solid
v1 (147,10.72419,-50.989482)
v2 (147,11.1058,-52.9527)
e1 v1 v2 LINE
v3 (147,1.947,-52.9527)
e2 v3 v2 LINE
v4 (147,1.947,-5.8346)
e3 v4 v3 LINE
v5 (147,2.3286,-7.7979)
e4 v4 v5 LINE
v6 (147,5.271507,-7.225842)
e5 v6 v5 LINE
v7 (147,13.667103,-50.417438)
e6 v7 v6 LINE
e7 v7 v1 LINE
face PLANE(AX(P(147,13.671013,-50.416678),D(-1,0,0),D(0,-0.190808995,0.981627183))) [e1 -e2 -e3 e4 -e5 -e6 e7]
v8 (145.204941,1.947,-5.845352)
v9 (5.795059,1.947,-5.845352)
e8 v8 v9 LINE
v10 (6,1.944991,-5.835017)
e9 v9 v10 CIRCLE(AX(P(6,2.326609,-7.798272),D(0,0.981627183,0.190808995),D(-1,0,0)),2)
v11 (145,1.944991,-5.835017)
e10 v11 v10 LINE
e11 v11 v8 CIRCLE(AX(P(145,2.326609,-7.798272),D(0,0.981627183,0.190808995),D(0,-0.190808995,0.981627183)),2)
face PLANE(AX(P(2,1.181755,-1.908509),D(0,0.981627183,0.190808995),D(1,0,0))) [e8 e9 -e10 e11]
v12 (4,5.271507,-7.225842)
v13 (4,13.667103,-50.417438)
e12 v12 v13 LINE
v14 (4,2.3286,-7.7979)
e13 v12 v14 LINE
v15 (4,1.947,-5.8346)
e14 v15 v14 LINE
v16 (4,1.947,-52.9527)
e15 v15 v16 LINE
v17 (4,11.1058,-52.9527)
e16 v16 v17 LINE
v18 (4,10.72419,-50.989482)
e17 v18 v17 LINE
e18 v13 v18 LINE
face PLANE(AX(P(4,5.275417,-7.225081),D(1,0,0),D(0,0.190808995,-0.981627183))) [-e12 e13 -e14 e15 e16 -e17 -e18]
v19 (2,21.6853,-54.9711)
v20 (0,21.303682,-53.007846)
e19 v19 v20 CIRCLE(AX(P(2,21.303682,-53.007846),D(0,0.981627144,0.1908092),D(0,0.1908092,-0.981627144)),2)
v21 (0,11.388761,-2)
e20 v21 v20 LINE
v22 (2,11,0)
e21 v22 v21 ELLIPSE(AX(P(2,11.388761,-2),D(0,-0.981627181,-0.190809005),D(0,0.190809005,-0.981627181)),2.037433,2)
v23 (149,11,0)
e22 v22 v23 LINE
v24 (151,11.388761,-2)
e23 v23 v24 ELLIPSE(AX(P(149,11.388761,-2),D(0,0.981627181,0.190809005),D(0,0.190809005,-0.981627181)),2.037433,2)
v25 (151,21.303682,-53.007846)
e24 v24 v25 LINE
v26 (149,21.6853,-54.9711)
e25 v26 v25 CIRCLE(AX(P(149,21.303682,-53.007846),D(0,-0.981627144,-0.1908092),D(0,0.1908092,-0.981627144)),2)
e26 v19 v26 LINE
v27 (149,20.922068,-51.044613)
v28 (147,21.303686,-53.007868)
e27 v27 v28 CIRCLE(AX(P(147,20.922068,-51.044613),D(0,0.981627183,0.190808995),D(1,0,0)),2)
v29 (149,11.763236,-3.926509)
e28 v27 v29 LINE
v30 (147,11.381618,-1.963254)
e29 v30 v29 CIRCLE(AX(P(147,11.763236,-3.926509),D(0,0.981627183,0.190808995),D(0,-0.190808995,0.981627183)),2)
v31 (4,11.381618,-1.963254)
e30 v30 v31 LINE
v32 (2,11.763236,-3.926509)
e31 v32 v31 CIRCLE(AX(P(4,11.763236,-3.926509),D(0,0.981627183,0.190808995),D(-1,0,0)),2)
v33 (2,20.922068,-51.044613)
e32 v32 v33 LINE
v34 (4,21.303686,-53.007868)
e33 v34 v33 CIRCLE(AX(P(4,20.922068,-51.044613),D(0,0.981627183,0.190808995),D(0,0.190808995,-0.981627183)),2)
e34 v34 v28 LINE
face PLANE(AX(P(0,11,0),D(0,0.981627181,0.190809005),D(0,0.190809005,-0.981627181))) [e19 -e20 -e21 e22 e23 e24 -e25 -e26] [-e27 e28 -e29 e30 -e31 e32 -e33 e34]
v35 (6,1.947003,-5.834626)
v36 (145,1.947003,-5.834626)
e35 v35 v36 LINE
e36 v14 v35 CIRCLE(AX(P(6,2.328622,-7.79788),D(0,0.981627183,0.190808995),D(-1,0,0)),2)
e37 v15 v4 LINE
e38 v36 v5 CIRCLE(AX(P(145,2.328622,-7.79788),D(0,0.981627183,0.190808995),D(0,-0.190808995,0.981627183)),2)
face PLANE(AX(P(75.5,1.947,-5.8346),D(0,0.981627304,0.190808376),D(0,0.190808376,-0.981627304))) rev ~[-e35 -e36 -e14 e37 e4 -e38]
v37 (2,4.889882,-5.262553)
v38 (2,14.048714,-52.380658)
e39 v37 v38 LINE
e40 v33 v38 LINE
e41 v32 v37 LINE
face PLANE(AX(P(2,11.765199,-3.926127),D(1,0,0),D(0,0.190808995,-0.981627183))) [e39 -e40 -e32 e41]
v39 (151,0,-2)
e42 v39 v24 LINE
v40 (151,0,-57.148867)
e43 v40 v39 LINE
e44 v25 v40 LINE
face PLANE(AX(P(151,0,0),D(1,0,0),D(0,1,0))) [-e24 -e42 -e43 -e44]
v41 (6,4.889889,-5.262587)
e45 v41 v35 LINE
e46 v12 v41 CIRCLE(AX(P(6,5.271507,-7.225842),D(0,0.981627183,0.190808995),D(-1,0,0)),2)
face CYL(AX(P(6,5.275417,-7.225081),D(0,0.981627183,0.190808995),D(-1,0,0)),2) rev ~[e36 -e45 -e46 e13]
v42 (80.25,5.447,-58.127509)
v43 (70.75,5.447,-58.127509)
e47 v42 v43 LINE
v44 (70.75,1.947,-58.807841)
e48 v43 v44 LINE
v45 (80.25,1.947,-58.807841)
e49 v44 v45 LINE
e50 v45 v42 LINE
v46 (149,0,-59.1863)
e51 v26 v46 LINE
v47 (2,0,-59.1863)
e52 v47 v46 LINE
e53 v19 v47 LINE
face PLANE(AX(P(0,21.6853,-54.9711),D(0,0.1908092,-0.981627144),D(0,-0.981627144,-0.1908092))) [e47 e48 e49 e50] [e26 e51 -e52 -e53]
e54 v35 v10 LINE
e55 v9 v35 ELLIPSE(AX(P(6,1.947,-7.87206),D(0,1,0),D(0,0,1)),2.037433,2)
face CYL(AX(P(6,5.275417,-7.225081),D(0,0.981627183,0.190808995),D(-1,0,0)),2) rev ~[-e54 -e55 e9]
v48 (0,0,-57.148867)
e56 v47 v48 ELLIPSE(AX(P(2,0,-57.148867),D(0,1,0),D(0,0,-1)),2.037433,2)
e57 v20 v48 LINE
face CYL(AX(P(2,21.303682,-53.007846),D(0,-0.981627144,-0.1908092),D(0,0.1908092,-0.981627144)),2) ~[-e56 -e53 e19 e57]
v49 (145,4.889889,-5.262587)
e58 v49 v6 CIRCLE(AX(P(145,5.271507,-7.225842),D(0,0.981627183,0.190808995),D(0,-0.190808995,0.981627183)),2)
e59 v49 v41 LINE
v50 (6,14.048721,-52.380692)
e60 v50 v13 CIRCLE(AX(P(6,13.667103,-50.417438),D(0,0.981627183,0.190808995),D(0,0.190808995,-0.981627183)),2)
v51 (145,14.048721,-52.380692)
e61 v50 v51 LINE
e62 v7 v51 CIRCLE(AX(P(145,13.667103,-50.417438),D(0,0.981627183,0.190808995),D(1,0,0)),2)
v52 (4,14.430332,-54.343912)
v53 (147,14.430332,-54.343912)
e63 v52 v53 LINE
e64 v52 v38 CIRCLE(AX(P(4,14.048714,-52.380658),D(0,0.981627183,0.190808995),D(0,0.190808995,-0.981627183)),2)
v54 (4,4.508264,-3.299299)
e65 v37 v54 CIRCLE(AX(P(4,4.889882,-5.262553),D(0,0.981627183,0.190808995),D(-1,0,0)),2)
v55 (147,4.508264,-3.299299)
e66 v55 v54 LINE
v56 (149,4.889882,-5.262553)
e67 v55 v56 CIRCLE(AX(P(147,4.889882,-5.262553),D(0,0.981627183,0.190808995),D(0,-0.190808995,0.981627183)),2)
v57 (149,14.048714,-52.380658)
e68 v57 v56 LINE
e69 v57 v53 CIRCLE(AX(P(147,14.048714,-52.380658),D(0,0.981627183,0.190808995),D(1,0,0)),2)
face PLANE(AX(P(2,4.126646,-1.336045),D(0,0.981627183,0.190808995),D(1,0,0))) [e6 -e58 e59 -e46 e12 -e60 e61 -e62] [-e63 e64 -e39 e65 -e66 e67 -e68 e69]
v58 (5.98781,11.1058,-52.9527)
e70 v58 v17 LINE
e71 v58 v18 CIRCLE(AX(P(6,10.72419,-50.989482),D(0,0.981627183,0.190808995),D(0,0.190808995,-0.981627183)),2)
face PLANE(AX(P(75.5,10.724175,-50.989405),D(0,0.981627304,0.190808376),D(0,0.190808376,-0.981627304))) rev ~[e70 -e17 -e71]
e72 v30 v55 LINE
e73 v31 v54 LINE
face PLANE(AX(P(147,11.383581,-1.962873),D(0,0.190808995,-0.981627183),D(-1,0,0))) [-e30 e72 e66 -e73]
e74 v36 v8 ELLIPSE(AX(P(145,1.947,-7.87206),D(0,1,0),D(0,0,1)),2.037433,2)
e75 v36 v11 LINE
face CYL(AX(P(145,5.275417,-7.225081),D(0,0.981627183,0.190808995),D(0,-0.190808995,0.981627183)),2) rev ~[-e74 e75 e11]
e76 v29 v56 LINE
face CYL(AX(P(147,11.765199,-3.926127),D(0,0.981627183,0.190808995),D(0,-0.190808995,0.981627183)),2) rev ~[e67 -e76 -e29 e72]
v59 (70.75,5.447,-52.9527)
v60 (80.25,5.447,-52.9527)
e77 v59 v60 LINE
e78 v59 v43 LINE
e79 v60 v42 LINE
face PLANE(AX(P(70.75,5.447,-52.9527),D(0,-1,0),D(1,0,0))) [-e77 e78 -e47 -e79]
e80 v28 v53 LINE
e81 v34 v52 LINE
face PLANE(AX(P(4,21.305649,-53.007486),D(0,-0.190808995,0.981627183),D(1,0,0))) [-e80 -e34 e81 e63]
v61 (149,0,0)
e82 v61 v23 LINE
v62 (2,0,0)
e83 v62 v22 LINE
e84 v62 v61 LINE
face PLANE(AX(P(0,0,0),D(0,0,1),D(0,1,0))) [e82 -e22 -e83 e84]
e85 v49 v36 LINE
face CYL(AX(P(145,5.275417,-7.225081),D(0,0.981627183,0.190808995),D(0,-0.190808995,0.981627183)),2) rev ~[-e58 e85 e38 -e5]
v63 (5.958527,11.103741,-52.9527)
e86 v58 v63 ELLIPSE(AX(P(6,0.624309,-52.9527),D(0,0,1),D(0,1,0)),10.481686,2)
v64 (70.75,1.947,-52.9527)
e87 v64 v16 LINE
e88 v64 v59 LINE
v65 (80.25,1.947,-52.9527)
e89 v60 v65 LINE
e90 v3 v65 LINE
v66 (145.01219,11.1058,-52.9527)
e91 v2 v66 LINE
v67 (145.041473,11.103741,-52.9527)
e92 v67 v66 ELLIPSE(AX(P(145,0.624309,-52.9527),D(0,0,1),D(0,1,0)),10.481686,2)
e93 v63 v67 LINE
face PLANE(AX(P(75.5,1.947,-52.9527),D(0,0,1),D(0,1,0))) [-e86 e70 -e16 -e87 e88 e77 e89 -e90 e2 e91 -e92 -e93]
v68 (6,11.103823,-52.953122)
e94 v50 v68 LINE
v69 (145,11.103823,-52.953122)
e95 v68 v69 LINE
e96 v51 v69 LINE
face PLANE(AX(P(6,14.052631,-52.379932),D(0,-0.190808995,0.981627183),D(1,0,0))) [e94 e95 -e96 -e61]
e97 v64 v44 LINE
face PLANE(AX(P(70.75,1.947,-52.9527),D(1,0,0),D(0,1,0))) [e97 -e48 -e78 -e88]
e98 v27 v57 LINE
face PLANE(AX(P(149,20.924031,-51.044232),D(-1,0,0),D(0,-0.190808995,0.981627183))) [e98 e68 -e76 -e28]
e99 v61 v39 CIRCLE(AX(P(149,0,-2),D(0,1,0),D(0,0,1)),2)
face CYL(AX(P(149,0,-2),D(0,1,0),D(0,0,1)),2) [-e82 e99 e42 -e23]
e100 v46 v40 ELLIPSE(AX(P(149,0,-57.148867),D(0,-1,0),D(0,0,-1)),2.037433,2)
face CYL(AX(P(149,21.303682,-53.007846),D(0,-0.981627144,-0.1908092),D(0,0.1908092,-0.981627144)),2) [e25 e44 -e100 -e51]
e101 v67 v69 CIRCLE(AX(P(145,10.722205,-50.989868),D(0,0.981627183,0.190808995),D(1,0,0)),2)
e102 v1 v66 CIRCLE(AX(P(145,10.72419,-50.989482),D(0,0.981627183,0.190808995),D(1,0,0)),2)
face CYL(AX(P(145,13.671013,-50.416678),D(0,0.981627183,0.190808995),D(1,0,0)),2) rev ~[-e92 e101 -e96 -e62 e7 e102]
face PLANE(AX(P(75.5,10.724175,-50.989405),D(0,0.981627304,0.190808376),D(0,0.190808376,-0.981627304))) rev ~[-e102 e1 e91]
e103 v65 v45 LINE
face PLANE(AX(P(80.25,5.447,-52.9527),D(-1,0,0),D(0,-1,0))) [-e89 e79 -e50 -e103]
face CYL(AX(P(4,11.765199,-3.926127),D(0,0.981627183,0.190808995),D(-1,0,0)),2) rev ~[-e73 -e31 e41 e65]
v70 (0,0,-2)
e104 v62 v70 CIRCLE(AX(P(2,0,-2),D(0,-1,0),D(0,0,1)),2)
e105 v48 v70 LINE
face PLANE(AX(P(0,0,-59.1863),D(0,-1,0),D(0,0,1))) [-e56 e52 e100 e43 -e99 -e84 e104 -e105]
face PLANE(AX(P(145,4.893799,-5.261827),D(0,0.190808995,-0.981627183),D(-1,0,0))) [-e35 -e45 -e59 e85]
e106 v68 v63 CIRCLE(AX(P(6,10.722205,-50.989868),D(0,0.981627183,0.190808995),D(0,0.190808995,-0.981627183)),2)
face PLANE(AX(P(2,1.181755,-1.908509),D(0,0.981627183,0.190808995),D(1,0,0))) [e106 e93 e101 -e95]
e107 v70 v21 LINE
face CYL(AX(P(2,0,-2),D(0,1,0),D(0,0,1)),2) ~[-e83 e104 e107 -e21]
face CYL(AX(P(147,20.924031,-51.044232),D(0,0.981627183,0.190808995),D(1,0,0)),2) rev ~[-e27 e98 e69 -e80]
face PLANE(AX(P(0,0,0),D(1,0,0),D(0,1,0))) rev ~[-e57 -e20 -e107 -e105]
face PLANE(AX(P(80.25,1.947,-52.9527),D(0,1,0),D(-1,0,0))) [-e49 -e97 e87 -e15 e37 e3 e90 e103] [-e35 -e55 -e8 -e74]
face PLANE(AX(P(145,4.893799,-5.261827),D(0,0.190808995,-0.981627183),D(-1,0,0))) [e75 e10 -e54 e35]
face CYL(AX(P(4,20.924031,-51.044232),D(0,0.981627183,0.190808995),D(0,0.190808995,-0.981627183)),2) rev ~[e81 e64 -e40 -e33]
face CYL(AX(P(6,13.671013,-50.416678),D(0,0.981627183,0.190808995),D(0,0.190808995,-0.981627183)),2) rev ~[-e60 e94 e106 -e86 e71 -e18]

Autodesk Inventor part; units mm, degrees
ref_plane "YZ Plane" through (0, 0, 0) normal (1, 0, 0) x (0, 1, 0)
ref_plane "XZ Plane" through (0, 0, 0) normal (0, 1, 0) x (-1, 0, 0)
sketch "Sketch1" plane through (0, 0, 0) normal (1, 0, 0) x (0, 1, 0)
  line L0 (0, 0) -> (11, 0)
  line L1 (11, 0) -> (21.6853, -54.9711)
  line L2 (11, 0) -> (67, 0) construction
  line L3 (21.6853, -54.9711) -> (0, -59.1863)
  line L4 (21.6853, -54.9711) -> (43.7765, -54.9711) construction
  line L5 (0, -59.1863) -> (0, 0)
  dimension "d0" = 11
  dimension "d1" = 56
  dimension "d2" = 79
  dimension "d5" = 169
extrude "Extrusion1" add sketch "Sketch1" along normal blind 151
fillet "Fillet1" radius 2 4 edges at (151, 10.8427, -57.0787) (151, 5.5, 0) (0, 10.8427, -57.0787) (0, 5.5, 0)
sketch "Sketch2" plane through (2, 11, 0) normal (0, 0.9816, 0.1908) x (1, 0, 0)
  ellipse E0 centre (0, 2.0374) end of major axis (0, 0) minor radius 2 (-2, 2.0374) -> (0, 0) ccw projected
  line L0 (0, 0) -> (147, 0) projected
  ellipse E1 centre (147, 2.0374) end of major axis (147, 0) minor radius 2 (147, 0) -> (149, 2.0374) ccw projected
  line L1 (149, 54) -> (149, 2.0374) projected
  arc A0 (149, 54) -> (147, 56) centre (147, 54) ccw projected
  line L2 (0, 56) -> (147, 56) projected
  arc A1 (0, 56) -> (-2, 54) centre (0, 54) ccw projected
  line L3 (-2, 54) -> (-2, 2.0374) projected
  line L4 (2, 54) -> (145, 54)
  line L5 (147, 52) -> (147, 4)
  line L6 (145, 2) -> (2, 2)
  line L7 (0, 4) -> (0, 52)
  arc A2 (2, 54) -> (0, 52) centre (2, 52) ccw
  arc A3 (0, 4) -> (2, 2) centre (2, 4) ccw
  arc A4 (145, 2) -> (147, 4) centre (145, 4) ccw
  arc A5 (147, 52) -> (145, 54) centre (145, 52) ccw
  point P0 (-2, -2.0989)
  dimension "d7" = 2
  dimension "d8" = 2
  dimension "d9" = 2
  dimension "d10" = 2
  dimension "d11" = 2
extrude "Extrusion2" cut sketch "Sketch2" against normal blind 7 contours L4 A5 L5 A4 L6 A3 L7 A2
sketch "Sketch3" plane through (2, 4.1286, -1.3357) normal (0, 0.9816, 0.1908) x (1, 0, 0)
  line L0 (4, 52) -> (143, 52)
  line L1 (145, 50) -> (145, 6)
  line L2 (143, 4) -> (4, 4)
  line L3 (2, 6) -> (2, 50)
  line L4 (2, 54) -> (145, 54) projected
  line L5 (147, 52) -> (147, 4) projected
  line L6 (145, 2) -> (2, 2) projected
  line L7 (0, 4) -> (0, 52) projected
  arc A0 (4, 52) -> (2, 50) centre (4, 50) ccw
  arc A1 (2, 6) -> (4, 4) centre (4, 6) ccw
  arc A2 (143, 4) -> (145, 6) centre (143, 6) ccw
  arc A3 (145, 50) -> (143, 52) centre (143, 50) ccw
  point P0 (-2, -2.0989)
  dimension "d14" = 2
  dimension "d15" = 2
  dimension "d16" = 2
  dimension "d17" = 2
  dimension "d18" = 2
extrude "Extrusion3" cut sketch "Sketch3" against normal blind 3
ref_plane "Work Plane1" through (75.5, 0, 0) normal (1, 0, 0) x (0, 0, -1)
sketch "Sketch4" plane through (75.5, 0, 0) normal (1, 0, 0) x (0, 0, -1)
  line L0 (5.2622, 4.8918) -> (5.8346, 1.947) projected
  line L1 (50.9894, 10.7242) -> (7.7979, 2.3286) projected
  line L2 (52.3803, 14.0507) -> (52.9527, 11.1058) projected
  line L3 (5.8346, 1.947) -> (52.9527, 11.1058)
  line L4 (5.8346, 1.947) -> (7.7979, 2.3286) projected
  line L5 (5.8346, 1.947) -> (52.9527, 1.947)
  line L6 (52.9527, 1.947) -> (52.9527, 11.1058)
  line L7 (5.8346, 1.947) -> (52.9527, 11.1058)
  point P0 (0, 0)
  point P1 (7.7979, 2.3286)
extrude "Extrusion4" cut sketch "Sketch4" along normal mid plane 143
sketch "Sketch5" plane through (4, 1.947, -52.9527) normal (0, 0, 1) x (1, 0, 0)
  line L0 (0, 9.1588) -> (2, 9.1588) projected
  line L1 (0, 9.1588) -> (0, 0) projected
  line L2 (143, 0) -> (0, 0) projected
  line L3 (143, 0) -> (143, 9.1588) projected
  line L4 (141, 9.1588) -> (143, 9.1588) projected
  line L5 (2, 9.1588) -> (141, 9.1588) projected
  line L6 (66.75, 3.5) -> (76.25, 3.5)
  line L7 (76.25, 3.5) -> (76.25, 0)
  line L8 (76.25, 0) -> (66.75, 0)
  line L9 (66.75, 0) -> (66.75, 3.5)
  point P0 (-4, -1.947)
  point P1 (0, 4.5794)
  point P2 (71.5, 3.5)
  point P3 (76.25, 0)
  dimension "d24" = 9.5
  dimension "d25" = 3.5
  dimension "d26" = 0
  dimension "d27" = 71.5
  dimension "d28" = 71.5
extrude "Extrusion5" cut sketch "Sketch5" against normal blind 10 contours L9 L6 L7 L2
properties part number "housing"
